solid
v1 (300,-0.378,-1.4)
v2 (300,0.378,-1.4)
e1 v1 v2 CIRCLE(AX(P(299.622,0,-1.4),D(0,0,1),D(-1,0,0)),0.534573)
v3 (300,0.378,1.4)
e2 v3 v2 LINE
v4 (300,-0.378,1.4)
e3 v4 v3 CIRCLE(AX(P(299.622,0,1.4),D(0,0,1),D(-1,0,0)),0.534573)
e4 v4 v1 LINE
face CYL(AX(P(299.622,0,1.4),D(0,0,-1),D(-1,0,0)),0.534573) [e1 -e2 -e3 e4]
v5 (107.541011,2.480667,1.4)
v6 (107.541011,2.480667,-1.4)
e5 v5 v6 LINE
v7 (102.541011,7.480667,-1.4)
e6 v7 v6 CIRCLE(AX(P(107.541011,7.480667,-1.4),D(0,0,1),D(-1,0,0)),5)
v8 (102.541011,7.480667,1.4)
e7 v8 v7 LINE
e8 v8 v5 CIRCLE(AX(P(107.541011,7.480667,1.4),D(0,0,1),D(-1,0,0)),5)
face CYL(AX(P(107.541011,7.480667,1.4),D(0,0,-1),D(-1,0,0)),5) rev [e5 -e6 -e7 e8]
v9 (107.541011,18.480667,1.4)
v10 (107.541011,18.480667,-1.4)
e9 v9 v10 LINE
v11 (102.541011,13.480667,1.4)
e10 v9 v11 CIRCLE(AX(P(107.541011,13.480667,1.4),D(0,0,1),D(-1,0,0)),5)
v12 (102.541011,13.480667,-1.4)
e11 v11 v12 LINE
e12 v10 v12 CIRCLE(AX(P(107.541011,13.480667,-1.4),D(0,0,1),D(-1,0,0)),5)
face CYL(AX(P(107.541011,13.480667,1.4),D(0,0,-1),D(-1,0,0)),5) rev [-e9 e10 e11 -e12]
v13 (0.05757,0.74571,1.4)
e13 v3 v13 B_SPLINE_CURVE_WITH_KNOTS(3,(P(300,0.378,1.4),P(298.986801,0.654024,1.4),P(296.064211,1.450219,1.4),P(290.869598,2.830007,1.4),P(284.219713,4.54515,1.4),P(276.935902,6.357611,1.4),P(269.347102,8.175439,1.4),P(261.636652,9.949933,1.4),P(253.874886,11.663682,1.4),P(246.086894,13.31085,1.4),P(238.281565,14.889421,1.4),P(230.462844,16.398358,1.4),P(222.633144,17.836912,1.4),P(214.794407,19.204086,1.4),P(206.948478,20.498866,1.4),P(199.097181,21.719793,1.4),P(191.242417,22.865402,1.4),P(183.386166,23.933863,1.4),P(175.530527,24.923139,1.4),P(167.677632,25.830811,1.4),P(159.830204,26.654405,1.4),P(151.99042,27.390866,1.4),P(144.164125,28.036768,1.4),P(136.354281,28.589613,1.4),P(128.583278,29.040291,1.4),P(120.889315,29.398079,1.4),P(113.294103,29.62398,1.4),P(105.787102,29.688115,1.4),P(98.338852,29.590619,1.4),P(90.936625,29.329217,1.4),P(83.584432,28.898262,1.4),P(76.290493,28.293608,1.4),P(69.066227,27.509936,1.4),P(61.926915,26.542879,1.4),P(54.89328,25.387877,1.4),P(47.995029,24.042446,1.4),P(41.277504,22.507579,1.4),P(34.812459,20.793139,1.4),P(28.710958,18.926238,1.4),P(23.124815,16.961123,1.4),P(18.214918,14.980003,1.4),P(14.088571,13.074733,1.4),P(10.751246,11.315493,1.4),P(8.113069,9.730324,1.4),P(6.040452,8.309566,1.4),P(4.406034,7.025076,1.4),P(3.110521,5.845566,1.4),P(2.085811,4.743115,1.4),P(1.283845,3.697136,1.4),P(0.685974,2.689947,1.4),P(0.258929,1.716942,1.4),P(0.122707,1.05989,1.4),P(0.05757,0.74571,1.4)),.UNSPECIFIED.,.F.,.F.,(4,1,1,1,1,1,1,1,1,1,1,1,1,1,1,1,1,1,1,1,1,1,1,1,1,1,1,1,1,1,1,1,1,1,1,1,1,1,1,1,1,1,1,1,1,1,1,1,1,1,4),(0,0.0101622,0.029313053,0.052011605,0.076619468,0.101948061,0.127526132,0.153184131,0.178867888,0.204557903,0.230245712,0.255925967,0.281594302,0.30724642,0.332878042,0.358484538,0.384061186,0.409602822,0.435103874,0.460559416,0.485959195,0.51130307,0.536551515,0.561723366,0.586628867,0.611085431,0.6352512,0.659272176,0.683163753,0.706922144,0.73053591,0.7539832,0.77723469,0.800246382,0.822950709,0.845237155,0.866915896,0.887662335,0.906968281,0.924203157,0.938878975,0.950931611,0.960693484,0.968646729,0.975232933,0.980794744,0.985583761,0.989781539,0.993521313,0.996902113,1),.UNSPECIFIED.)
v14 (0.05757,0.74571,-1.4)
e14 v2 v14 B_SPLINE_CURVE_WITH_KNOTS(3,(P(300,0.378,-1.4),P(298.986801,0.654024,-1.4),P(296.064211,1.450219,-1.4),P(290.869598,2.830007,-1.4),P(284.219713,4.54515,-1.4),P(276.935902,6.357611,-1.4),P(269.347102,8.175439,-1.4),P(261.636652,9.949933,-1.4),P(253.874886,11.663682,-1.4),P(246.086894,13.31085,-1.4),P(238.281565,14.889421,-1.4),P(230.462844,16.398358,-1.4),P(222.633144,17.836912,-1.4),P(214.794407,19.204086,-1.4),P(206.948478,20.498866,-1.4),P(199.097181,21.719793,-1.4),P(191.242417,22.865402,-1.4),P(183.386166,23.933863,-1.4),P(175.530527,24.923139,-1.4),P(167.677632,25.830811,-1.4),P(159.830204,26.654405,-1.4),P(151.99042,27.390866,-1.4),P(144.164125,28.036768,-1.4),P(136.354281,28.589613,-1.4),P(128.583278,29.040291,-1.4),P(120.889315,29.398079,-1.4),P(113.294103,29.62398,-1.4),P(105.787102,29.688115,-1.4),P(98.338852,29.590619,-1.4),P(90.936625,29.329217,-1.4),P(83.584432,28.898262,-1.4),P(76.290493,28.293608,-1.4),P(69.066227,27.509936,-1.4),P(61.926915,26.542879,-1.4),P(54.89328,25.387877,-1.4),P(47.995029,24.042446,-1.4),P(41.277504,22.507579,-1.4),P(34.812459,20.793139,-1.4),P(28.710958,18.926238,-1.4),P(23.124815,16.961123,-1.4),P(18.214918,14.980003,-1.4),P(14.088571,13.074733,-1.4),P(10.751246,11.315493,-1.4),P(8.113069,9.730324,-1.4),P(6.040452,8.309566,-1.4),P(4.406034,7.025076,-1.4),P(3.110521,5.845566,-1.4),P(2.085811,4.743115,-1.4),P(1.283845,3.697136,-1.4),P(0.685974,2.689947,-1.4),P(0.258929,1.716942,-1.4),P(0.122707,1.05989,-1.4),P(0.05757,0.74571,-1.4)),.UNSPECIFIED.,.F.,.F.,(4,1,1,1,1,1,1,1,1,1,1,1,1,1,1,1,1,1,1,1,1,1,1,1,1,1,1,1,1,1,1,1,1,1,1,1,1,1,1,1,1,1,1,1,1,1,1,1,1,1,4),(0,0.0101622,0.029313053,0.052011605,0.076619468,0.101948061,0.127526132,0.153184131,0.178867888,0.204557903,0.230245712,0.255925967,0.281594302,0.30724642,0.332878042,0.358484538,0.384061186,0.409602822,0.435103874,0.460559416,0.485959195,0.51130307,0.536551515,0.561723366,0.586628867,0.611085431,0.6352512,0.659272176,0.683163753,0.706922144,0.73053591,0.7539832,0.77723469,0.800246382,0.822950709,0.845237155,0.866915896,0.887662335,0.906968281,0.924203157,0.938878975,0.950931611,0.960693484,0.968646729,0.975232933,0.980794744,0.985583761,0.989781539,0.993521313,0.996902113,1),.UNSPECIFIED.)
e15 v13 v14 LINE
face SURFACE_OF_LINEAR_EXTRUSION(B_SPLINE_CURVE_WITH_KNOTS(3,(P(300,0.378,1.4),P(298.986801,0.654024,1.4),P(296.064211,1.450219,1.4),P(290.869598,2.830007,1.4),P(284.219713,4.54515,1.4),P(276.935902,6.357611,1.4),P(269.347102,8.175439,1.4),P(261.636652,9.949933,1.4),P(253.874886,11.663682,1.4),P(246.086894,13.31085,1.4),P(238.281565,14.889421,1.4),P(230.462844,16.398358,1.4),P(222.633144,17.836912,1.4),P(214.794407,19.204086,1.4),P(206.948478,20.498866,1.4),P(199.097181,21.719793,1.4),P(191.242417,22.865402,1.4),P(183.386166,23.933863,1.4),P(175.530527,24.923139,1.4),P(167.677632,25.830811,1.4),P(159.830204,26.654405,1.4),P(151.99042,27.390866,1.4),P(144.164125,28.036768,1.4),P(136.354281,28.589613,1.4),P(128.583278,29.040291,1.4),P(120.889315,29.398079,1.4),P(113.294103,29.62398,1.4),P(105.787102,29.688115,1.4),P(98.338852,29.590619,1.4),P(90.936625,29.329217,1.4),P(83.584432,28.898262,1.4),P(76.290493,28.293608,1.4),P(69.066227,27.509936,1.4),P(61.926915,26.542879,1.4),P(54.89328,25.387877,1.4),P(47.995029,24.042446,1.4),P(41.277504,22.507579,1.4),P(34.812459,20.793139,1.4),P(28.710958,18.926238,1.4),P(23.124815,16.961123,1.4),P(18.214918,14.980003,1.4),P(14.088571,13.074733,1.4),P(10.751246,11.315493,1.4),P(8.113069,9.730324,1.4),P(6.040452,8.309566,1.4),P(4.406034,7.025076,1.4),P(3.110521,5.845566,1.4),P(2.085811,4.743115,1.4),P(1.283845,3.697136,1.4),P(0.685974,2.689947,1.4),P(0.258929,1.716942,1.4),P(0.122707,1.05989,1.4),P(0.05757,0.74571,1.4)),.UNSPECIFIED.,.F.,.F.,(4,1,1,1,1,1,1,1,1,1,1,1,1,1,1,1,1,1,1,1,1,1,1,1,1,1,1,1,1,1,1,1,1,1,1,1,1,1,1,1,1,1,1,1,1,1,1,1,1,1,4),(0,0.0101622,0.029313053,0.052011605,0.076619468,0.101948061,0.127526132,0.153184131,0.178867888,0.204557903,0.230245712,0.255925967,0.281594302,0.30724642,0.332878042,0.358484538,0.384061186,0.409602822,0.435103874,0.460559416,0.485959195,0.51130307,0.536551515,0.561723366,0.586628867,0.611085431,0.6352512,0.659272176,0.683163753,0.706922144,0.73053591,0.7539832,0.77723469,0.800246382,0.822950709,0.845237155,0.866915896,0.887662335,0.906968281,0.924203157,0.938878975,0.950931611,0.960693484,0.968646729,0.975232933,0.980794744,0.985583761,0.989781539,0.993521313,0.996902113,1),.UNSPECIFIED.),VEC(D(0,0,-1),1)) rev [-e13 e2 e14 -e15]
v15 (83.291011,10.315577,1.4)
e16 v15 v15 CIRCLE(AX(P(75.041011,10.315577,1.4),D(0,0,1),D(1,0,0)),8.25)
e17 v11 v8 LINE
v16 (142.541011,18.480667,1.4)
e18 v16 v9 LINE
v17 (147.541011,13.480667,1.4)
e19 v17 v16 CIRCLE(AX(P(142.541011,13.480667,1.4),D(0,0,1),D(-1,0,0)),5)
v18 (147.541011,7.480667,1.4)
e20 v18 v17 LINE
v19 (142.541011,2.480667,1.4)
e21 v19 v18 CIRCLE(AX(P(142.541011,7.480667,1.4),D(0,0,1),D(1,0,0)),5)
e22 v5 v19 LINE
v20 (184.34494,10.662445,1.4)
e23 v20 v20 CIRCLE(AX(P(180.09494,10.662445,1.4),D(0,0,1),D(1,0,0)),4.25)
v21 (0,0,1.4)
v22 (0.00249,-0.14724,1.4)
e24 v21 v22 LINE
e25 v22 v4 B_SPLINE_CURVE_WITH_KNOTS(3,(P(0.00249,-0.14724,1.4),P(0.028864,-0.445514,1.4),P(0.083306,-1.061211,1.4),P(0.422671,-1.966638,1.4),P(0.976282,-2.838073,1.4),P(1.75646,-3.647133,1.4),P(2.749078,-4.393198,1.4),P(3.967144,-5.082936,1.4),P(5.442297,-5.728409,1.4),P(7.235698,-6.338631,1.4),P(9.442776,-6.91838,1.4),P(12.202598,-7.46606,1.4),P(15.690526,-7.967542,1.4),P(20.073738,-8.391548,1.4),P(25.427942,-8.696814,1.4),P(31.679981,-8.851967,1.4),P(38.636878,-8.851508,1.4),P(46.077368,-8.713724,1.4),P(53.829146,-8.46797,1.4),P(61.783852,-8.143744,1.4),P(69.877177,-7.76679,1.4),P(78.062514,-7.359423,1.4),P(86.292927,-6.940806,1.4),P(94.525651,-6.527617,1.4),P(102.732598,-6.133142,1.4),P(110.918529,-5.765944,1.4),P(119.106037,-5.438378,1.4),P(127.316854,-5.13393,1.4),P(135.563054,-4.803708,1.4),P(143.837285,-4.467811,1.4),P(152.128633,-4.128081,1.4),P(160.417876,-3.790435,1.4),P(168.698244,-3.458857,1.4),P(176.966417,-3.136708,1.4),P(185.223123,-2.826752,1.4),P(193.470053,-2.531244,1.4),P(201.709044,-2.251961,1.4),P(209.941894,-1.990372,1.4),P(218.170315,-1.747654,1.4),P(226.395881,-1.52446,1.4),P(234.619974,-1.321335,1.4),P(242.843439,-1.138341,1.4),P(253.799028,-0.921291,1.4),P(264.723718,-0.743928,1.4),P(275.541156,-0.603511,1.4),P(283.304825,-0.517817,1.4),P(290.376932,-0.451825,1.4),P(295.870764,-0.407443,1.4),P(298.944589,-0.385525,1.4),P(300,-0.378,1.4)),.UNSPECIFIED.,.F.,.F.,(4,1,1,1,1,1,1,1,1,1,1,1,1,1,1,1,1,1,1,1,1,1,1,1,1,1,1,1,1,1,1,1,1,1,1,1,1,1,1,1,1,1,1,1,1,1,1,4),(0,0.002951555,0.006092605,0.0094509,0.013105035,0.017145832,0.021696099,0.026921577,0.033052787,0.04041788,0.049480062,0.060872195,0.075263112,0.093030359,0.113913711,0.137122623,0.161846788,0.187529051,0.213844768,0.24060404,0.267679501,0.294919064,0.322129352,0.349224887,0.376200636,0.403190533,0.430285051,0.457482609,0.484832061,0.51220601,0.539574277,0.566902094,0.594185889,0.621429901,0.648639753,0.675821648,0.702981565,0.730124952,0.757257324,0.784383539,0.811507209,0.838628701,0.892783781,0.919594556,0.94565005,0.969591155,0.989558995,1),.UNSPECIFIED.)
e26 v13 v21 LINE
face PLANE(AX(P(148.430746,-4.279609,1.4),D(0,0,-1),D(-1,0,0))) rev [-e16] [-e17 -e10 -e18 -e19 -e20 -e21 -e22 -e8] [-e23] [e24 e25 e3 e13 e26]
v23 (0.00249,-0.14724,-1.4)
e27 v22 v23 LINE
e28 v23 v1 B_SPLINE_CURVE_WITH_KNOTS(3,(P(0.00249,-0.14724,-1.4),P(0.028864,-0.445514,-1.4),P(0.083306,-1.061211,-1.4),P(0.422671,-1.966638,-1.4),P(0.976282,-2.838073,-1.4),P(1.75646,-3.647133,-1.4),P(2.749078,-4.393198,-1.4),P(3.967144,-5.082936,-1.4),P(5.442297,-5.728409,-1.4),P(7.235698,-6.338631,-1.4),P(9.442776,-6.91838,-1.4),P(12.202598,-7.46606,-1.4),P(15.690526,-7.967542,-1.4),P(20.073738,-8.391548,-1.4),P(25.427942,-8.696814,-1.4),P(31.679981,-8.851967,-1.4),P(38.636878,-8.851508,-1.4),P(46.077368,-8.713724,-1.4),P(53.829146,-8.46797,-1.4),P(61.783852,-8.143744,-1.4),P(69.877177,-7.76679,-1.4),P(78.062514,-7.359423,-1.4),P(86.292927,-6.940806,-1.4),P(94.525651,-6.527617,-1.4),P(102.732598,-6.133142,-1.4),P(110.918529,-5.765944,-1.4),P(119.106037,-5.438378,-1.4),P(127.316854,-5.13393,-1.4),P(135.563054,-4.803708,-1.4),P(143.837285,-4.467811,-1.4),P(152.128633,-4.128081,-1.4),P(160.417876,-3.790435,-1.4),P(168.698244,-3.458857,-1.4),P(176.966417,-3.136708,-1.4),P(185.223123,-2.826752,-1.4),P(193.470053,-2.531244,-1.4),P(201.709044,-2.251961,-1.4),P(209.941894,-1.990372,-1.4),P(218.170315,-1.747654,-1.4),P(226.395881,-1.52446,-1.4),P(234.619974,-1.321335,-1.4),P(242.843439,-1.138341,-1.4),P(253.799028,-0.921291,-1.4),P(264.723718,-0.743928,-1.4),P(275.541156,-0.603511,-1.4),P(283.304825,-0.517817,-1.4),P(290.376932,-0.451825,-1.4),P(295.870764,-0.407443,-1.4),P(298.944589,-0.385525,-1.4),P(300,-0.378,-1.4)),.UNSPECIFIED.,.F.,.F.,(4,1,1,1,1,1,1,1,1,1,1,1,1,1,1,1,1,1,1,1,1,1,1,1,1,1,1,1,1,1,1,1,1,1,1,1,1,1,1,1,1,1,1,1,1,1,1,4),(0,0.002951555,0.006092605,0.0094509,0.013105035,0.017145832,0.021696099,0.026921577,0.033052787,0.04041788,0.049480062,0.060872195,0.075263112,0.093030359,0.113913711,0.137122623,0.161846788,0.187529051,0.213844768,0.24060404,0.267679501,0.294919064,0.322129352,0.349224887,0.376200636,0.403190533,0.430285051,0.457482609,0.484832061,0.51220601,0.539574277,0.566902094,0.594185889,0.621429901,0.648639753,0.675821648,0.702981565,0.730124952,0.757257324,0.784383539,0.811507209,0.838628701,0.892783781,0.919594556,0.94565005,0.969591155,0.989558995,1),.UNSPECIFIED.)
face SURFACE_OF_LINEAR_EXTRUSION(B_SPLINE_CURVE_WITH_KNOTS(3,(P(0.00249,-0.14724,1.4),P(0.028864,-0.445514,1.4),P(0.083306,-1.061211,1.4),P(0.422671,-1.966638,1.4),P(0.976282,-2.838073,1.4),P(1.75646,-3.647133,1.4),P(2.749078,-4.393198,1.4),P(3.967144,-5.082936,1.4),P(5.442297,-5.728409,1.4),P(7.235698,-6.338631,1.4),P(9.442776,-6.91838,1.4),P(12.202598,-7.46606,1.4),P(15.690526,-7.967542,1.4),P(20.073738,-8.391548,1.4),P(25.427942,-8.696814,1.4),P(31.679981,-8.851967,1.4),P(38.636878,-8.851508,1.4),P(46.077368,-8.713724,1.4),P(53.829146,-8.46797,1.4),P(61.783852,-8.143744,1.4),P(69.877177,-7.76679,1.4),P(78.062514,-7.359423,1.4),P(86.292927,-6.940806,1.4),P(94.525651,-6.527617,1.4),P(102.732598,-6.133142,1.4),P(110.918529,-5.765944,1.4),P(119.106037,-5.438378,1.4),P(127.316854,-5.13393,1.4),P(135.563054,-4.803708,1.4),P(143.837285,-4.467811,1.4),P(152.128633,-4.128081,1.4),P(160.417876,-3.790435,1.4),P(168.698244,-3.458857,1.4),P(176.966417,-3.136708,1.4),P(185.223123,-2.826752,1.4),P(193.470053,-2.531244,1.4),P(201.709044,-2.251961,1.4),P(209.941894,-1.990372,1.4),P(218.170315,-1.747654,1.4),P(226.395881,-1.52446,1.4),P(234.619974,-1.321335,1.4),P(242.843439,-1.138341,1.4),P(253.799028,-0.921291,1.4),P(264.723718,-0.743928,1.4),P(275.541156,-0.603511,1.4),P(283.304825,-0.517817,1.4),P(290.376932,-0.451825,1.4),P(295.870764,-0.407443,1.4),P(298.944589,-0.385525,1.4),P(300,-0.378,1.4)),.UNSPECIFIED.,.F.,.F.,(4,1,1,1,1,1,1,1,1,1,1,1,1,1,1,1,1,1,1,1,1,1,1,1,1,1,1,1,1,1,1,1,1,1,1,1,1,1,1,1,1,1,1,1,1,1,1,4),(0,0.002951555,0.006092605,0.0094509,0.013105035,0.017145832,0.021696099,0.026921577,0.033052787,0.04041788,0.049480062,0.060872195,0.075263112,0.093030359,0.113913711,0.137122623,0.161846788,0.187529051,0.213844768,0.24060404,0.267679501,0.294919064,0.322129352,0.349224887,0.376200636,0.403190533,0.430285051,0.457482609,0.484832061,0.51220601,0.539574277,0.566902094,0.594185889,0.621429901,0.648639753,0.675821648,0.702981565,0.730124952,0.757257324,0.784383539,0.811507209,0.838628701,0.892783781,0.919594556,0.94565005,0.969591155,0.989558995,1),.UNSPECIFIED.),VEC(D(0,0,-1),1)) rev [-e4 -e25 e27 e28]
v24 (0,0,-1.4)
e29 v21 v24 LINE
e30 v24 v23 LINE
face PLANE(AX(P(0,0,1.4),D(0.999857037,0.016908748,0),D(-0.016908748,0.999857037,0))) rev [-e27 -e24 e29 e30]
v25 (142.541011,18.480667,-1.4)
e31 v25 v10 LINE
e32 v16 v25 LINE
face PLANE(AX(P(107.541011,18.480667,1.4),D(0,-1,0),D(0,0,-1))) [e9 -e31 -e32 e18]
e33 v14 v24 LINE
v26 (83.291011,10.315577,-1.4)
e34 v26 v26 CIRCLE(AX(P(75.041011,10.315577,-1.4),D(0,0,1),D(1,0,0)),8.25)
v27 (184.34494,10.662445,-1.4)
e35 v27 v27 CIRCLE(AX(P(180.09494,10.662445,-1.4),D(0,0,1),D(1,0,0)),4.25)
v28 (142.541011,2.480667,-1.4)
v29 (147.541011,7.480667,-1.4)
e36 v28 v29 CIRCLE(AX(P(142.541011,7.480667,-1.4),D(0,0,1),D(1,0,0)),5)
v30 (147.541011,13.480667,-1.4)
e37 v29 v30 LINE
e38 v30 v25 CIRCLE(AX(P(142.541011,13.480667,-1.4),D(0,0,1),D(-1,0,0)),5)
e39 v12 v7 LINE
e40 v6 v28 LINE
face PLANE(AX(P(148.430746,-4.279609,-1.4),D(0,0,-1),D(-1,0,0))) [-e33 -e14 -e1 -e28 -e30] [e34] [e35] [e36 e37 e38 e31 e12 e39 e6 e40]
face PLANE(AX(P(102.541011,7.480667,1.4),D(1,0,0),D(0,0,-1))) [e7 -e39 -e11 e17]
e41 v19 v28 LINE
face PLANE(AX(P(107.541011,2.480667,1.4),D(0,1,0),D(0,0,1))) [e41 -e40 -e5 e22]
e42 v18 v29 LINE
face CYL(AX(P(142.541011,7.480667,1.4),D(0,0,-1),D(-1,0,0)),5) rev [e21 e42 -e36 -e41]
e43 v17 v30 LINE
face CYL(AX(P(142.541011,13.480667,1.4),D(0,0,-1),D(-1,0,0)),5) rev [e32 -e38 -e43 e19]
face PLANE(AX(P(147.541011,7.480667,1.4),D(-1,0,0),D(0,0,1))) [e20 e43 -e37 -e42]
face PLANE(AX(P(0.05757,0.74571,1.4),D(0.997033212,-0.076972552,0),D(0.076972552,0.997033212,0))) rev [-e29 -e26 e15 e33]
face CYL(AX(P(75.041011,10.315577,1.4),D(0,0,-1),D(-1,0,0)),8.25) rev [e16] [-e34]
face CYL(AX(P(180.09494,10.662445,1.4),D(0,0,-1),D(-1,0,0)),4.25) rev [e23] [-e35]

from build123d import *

# Parameters (mm, degrees)
SKETCH_1_R      = 8.25
SKETCH_1_R_2    = 4.25
EXTRUDE_1_DEPTH = 1.4


with BuildPart() as part:
    # Эскиз1 → Бобышка-Вытянуть1 (new body, symmetric)
    with BuildSketch(Plane.XY):
        with BuildLine():
            Line((0.05757, 0.74571), (0, 0))
            Line((0, 0), (0.00249, -0.14724))
            add(Edge.make_bspline(
                [(0.00249, -0.14724), (0.028864169, -0.445513844), (0.08330578, -1.0612113), (0.42267139, -1.966638227), (0.976281815, -2.838072896), (1.756459788, -3.647133325), (2.749077941, -4.393198402), (3.967143746, -5.082935859), (5.442296909, -5.728408867), (7.235698246, -6.338630634), (9.442776227, -6.918379999), (12.202598128, -7.466059916), (15.690525654, -7.967542476), (20.073738499, -8.391548086), (25.427942493, -8.696814173), (31.679981306, -8.851966619), (38.636878275, -8.851508296), (46.077368111, -8.713723896), (53.829146121, -8.46796963), (61.783851715, -8.143744238), (69.877177119, -7.766789504), (78.062513527, -7.359422717), (86.292927251, -6.940806212), (94.525650691, -6.527616544), (102.732598332, -6.133141503), (110.918529108, -5.765943991), (119.106037428, -5.438377986), (127.316854086, -5.133929605), (135.563054016, -4.803707911), (143.837285105, -4.467811421), (152.128632568, -4.128080756), (160.417875856, -3.790434721), (168.698244489, -3.458856865), (176.966416514, -3.13670755), (185.223122893, -2.826751698), (193.470052961, -2.531243905), (201.709043695, -2.251960889), (209.941894226, -1.990371725), (218.170315159, -1.747653748), (226.395881355, -1.524460053), (234.619974201, -1.321335461), (242.843439472, -1.138340626), (253.799028348, -0.921290824), (264.723718399, -0.743927691), (275.541156207, -0.603511416), (283.304824625, -0.51781703), (290.376932295, -0.451824554), (295.870764013, -0.407443063), (298.944589157, -0.385525491), (300, -0.378)],
                knots=[0, 0, 0, 0, 0.002951555, 0.006092605, 0.0094509, 0.013105035, 0.017145832, 0.021696099, 0.026921577, 0.033052787, 0.04041788, 0.049480062, 0.060872195, 0.075263112, 0.093030359, 0.113913711, 0.137122623, 0.161846788, 0.187529051, 0.213844768, 0.24060404, 0.267679501, 0.294919064, 0.322129352, 0.349224887, 0.376200636, 0.403190533, 0.430285051, 0.457482609, 0.484832061, 0.51220601, 0.539574277, 0.566902094, 0.594185889, 0.621429901, 0.648639753, 0.675821648, 0.702981565, 0.730124952, 0.757257324, 0.784383539, 0.811507209, 0.838628701, 0.892783781, 0.919594556, 0.94565005, 0.969591155, 0.989558995, 1, 1, 1, 1], degree=3))
            ThreePointArc((300, -0.378), (300.156572727, 0), (300, 0.378))
            add(Edge.make_bspline(
                [(300, 0.378), (298.986801288, 0.654023781), (296.064210837, 1.450219491), (290.8695985, 2.830006863), (284.219713445, 4.545150437), (276.935901935, 6.357610605), (269.347101537, 8.175439233), (261.636652195, 9.949932759), (253.874886054, 11.663682068), (246.086893811, 13.310849919), (238.281565095, 14.889420872), (230.462843896, 16.398357509), (222.633143967, 17.836911964), (214.794406789, 19.204085734), (206.94847769, 20.498865738), (199.097180514, 21.719793409), (191.242416875, 22.865402178), (183.386166154, 23.933862723), (175.530527282, 24.923138619), (167.67763175, 25.830811336), (159.830204076, 26.654405099), (151.990419631, 27.390865714), (144.164125102, 28.036767919), (136.354280569, 28.589612789), (128.583278445, 29.040291112), (120.889314832, 29.398079412), (113.294103258, 29.623979722), (105.787101592, 29.68811478), (98.338851666, 29.590618972), (90.93662471, 29.32921657), (83.58443153, 28.898261785), (76.290492602, 28.293607633), (69.066227461, 27.50993599), (61.926915226, 26.542878626), (54.893280374, 25.387877318), (47.995029113, 24.042445667), (41.277503811, 22.507579481), (34.812458524, 20.793138729), (28.71095809, 18.926237906), (23.124814608, 16.961123321), (18.21491807, 14.980002525), (14.088570948, 13.074733194), (10.751246243, 11.315492838), (8.113069416, 9.730323839), (6.040451698, 8.309565666), (4.40603392, 7.025075597), (3.110521348, 5.845566442), (2.085810802, 4.743114892), (1.283844996, 3.697135648), (0.685974492, 2.689946523), (0.258928679, 1.716942476), (0.122706698, 1.059890033), (0.05757, 0.74571)],
                knots=[0, 0, 0, 0, 0.0101622, 0.029313053, 0.052011605, 0.076619468, 0.101948061, 0.127526132, 0.153184131, 0.178867888, 0.204557903, 0.230245712, 0.255925967, 0.281594302, 0.30724642, 0.332878042, 0.358484538, 0.384061186, 0.409602822, 0.435103874, 0.460559416, 0.485959195, 0.51130307, 0.536551515, 0.561723366, 0.586628867, 0.611085431, 0.6352512, 0.659272176, 0.683163753, 0.706922144, 0.73053591, 0.7539832, 0.77723469, 0.800246382, 0.822950709, 0.845237155, 0.866915896, 0.887662335, 0.906968281, 0.924203157, 0.938878975, 0.950931611, 0.960693484, 0.968646729, 0.975232933, 0.980794744, 0.985583761, 0.989781539, 0.993521313, 0.996902113, 1, 1, 1, 1], degree=3))
        make_face()
        with Locations((75.041010682, 10.315576588)):
            Circle(SKETCH_1_R, mode=Mode.SUBTRACT)
        with Locations((180.094939636, 10.662445034)):
            Circle(SKETCH_1_R_2, mode=Mode.SUBTRACT)
        with BuildLine():
            Line((107.541010682, 2.480667246), (142.541010682, 2.480667246))
            ThreePointArc((142.541010682, 2.480667246), (146.076544588, 3.94513334), (147.541010682, 7.480667246))
            Line((147.541010682, 7.480667246), (147.541010682, 13.480667246))
            ThreePointArc((147.541010682, 13.480667246), (146.076544588, 17.016201152), (142.541010682, 18.480667246))
            Line((142.541010682, 18.480667246), (107.541010682, 18.480667246))
            ThreePointArc((107.541010682, 18.480667246), (104.005476776, 17.016201152), (102.541010682, 13.480667246))
            Line((102.541010682, 13.480667246), (102.541010682, 7.480667246))
            ThreePointArc((102.541010682, 7.480667246), (104.005476776, 3.94513334), (107.541010682, 2.480667246))
        make_face(mode=Mode.SUBTRACT)
    extrude(amount=EXTRUDE_1_DEPTH, both=True)


solid = part.part
